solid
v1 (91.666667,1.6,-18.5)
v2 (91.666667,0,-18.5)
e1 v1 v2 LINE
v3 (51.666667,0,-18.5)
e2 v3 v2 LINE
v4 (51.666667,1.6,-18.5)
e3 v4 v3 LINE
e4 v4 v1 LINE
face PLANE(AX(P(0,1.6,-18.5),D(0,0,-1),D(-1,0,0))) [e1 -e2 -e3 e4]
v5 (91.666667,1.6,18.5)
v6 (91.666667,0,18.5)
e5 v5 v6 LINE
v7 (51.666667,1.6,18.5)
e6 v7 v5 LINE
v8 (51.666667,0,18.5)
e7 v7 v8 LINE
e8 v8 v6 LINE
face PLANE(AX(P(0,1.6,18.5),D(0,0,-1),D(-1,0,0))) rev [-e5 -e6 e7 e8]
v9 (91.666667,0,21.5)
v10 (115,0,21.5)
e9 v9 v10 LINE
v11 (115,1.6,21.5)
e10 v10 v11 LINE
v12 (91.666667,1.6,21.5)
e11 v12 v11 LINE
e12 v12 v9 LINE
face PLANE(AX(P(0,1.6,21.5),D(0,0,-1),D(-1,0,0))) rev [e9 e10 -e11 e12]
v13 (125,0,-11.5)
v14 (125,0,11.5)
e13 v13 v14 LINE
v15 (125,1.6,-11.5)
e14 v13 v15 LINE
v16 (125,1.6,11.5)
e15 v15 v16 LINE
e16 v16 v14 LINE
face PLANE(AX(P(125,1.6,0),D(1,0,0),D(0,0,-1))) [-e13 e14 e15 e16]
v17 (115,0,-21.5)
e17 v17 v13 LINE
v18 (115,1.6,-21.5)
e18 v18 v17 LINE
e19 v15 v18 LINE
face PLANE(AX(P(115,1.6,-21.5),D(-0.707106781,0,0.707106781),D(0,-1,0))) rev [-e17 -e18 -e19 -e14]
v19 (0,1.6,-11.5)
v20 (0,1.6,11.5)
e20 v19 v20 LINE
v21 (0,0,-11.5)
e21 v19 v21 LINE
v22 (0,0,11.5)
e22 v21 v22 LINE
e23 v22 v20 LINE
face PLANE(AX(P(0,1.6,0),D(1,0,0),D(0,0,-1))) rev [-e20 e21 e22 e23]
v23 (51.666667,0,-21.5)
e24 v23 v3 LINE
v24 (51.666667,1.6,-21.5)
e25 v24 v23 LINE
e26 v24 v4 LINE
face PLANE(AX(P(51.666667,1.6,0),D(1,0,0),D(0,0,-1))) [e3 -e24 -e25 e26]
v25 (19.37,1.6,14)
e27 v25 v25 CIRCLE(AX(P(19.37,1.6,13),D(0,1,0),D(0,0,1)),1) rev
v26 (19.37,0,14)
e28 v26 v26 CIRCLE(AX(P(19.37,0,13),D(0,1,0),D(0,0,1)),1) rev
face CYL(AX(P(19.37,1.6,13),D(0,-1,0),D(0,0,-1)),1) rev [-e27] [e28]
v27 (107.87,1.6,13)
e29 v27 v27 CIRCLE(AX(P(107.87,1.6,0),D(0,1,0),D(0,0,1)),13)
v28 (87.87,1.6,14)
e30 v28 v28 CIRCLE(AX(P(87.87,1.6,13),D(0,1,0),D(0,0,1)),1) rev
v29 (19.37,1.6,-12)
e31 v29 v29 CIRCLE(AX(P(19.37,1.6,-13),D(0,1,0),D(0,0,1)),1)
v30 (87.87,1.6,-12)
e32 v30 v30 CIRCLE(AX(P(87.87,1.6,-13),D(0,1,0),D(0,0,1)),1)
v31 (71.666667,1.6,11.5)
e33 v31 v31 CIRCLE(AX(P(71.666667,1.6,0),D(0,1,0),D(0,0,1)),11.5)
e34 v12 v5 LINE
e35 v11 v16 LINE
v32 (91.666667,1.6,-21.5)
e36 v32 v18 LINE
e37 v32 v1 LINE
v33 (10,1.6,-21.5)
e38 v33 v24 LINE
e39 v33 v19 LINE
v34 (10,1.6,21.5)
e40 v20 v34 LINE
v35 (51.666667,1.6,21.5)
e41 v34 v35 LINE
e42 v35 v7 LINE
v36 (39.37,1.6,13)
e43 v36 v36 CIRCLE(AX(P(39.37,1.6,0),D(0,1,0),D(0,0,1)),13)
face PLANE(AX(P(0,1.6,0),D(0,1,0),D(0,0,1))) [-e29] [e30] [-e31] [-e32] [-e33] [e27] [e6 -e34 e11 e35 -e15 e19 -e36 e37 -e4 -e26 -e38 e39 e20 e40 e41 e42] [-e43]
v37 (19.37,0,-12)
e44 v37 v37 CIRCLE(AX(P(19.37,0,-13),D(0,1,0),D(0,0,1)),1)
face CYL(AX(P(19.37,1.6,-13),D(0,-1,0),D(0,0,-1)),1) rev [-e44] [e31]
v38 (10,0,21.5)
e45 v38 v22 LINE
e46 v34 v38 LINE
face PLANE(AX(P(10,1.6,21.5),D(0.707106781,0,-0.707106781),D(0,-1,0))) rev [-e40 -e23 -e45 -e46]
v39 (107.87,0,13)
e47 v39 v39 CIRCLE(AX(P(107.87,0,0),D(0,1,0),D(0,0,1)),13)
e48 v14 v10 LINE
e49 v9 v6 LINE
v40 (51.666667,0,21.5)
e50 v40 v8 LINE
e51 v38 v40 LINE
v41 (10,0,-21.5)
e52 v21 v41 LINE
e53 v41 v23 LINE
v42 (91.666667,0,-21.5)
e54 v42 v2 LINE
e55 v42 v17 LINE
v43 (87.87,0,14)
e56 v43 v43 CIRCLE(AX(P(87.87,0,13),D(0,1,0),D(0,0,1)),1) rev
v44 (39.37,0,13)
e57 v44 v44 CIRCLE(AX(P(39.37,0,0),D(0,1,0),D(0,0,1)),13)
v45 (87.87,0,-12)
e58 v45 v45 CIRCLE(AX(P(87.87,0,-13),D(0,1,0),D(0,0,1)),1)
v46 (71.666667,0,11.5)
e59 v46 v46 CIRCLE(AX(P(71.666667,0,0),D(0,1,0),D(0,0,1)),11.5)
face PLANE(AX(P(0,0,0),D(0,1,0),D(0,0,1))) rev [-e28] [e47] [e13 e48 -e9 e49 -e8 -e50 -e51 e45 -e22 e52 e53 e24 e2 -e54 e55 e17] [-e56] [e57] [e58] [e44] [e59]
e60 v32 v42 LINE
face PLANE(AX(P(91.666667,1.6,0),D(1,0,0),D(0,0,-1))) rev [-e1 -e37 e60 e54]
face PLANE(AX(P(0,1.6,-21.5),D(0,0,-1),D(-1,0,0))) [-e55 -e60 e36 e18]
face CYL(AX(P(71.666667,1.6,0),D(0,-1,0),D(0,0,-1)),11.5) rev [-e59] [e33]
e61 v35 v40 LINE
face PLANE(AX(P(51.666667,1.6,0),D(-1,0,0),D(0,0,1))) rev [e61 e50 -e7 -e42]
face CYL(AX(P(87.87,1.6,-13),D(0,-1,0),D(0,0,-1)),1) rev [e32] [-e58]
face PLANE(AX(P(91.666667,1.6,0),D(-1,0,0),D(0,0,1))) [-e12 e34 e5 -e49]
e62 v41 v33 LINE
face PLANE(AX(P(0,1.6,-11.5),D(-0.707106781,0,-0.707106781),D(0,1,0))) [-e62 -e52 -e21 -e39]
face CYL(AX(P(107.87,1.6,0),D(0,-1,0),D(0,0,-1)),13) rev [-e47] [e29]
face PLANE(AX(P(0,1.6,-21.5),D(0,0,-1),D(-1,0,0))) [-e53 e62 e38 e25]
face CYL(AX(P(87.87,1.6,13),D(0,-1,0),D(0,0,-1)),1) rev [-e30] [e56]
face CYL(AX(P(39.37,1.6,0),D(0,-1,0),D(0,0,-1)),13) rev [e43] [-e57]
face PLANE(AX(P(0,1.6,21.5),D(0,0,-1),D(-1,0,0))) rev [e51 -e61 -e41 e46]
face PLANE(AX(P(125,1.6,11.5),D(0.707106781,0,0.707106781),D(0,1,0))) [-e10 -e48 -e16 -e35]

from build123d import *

# Parameters (mm, degrees)
SKETCH2_R           = 1
SKETCH2_R_2         = 13
SKETCH2_R_3         = 11.5
BOSS_EXTRUDE1_DEPTH = 1.6
CHAMFER1_SIZE       = 10


with BuildPart() as part:
    # Sketch2 → Boss-Extrude1 (new body)
    with BuildSketch(Plane(origin=(0, 0, 0), x_dir=(1, 0, 0), z_dir=(0, 1, 0))):
        Polygon((0, 21.5), (51.666666667, 21.5), (51.666666667, 18.5), (91.666666667, 18.5), (91.666666667, 21.5), (125, 21.5), (125, -21.5), (91.666666667, -21.5), (91.666666667, -18.5), (51.666666667, -18.5), (51.666666667, -21.5), (0, -21.5), align=None)
        with Locations((19.37, 13)):
            Circle(SKETCH2_R, mode=Mode.SUBTRACT)
        with Locations((87.87, 13)):
            Circle(SKETCH2_R, mode=Mode.SUBTRACT)
        with Locations((87.87, -13)):
            Circle(SKETCH2_R, mode=Mode.SUBTRACT)
        with Locations((19.37, -13)):
            Circle(SKETCH2_R, mode=Mode.SUBTRACT)
        with Locations((39.37, 0)):
            Circle(SKETCH2_R_2, mode=Mode.SUBTRACT)
        with Locations((107.87, 0)):
            Circle(SKETCH2_R_2, mode=Mode.SUBTRACT)
        with Locations((71.666666667, 0)):
            Circle(SKETCH2_R_3, mode=Mode.SUBTRACT)
    extrude(amount=BOSS_EXTRUDE1_DEPTH)

    # Chamfer1
    chamfer1_edges = [part.edges().sort_by_distance(p)[0] for p in [
        (0, 0.8, 21.5),
        (0, 0.8, -21.5),
        (125, 0.8, -21.5),
        (125, 0.8, 21.5),
    ]]
    chamfer(chamfer1_edges, length=CHAMFER1_SIZE)


solid = part.part
